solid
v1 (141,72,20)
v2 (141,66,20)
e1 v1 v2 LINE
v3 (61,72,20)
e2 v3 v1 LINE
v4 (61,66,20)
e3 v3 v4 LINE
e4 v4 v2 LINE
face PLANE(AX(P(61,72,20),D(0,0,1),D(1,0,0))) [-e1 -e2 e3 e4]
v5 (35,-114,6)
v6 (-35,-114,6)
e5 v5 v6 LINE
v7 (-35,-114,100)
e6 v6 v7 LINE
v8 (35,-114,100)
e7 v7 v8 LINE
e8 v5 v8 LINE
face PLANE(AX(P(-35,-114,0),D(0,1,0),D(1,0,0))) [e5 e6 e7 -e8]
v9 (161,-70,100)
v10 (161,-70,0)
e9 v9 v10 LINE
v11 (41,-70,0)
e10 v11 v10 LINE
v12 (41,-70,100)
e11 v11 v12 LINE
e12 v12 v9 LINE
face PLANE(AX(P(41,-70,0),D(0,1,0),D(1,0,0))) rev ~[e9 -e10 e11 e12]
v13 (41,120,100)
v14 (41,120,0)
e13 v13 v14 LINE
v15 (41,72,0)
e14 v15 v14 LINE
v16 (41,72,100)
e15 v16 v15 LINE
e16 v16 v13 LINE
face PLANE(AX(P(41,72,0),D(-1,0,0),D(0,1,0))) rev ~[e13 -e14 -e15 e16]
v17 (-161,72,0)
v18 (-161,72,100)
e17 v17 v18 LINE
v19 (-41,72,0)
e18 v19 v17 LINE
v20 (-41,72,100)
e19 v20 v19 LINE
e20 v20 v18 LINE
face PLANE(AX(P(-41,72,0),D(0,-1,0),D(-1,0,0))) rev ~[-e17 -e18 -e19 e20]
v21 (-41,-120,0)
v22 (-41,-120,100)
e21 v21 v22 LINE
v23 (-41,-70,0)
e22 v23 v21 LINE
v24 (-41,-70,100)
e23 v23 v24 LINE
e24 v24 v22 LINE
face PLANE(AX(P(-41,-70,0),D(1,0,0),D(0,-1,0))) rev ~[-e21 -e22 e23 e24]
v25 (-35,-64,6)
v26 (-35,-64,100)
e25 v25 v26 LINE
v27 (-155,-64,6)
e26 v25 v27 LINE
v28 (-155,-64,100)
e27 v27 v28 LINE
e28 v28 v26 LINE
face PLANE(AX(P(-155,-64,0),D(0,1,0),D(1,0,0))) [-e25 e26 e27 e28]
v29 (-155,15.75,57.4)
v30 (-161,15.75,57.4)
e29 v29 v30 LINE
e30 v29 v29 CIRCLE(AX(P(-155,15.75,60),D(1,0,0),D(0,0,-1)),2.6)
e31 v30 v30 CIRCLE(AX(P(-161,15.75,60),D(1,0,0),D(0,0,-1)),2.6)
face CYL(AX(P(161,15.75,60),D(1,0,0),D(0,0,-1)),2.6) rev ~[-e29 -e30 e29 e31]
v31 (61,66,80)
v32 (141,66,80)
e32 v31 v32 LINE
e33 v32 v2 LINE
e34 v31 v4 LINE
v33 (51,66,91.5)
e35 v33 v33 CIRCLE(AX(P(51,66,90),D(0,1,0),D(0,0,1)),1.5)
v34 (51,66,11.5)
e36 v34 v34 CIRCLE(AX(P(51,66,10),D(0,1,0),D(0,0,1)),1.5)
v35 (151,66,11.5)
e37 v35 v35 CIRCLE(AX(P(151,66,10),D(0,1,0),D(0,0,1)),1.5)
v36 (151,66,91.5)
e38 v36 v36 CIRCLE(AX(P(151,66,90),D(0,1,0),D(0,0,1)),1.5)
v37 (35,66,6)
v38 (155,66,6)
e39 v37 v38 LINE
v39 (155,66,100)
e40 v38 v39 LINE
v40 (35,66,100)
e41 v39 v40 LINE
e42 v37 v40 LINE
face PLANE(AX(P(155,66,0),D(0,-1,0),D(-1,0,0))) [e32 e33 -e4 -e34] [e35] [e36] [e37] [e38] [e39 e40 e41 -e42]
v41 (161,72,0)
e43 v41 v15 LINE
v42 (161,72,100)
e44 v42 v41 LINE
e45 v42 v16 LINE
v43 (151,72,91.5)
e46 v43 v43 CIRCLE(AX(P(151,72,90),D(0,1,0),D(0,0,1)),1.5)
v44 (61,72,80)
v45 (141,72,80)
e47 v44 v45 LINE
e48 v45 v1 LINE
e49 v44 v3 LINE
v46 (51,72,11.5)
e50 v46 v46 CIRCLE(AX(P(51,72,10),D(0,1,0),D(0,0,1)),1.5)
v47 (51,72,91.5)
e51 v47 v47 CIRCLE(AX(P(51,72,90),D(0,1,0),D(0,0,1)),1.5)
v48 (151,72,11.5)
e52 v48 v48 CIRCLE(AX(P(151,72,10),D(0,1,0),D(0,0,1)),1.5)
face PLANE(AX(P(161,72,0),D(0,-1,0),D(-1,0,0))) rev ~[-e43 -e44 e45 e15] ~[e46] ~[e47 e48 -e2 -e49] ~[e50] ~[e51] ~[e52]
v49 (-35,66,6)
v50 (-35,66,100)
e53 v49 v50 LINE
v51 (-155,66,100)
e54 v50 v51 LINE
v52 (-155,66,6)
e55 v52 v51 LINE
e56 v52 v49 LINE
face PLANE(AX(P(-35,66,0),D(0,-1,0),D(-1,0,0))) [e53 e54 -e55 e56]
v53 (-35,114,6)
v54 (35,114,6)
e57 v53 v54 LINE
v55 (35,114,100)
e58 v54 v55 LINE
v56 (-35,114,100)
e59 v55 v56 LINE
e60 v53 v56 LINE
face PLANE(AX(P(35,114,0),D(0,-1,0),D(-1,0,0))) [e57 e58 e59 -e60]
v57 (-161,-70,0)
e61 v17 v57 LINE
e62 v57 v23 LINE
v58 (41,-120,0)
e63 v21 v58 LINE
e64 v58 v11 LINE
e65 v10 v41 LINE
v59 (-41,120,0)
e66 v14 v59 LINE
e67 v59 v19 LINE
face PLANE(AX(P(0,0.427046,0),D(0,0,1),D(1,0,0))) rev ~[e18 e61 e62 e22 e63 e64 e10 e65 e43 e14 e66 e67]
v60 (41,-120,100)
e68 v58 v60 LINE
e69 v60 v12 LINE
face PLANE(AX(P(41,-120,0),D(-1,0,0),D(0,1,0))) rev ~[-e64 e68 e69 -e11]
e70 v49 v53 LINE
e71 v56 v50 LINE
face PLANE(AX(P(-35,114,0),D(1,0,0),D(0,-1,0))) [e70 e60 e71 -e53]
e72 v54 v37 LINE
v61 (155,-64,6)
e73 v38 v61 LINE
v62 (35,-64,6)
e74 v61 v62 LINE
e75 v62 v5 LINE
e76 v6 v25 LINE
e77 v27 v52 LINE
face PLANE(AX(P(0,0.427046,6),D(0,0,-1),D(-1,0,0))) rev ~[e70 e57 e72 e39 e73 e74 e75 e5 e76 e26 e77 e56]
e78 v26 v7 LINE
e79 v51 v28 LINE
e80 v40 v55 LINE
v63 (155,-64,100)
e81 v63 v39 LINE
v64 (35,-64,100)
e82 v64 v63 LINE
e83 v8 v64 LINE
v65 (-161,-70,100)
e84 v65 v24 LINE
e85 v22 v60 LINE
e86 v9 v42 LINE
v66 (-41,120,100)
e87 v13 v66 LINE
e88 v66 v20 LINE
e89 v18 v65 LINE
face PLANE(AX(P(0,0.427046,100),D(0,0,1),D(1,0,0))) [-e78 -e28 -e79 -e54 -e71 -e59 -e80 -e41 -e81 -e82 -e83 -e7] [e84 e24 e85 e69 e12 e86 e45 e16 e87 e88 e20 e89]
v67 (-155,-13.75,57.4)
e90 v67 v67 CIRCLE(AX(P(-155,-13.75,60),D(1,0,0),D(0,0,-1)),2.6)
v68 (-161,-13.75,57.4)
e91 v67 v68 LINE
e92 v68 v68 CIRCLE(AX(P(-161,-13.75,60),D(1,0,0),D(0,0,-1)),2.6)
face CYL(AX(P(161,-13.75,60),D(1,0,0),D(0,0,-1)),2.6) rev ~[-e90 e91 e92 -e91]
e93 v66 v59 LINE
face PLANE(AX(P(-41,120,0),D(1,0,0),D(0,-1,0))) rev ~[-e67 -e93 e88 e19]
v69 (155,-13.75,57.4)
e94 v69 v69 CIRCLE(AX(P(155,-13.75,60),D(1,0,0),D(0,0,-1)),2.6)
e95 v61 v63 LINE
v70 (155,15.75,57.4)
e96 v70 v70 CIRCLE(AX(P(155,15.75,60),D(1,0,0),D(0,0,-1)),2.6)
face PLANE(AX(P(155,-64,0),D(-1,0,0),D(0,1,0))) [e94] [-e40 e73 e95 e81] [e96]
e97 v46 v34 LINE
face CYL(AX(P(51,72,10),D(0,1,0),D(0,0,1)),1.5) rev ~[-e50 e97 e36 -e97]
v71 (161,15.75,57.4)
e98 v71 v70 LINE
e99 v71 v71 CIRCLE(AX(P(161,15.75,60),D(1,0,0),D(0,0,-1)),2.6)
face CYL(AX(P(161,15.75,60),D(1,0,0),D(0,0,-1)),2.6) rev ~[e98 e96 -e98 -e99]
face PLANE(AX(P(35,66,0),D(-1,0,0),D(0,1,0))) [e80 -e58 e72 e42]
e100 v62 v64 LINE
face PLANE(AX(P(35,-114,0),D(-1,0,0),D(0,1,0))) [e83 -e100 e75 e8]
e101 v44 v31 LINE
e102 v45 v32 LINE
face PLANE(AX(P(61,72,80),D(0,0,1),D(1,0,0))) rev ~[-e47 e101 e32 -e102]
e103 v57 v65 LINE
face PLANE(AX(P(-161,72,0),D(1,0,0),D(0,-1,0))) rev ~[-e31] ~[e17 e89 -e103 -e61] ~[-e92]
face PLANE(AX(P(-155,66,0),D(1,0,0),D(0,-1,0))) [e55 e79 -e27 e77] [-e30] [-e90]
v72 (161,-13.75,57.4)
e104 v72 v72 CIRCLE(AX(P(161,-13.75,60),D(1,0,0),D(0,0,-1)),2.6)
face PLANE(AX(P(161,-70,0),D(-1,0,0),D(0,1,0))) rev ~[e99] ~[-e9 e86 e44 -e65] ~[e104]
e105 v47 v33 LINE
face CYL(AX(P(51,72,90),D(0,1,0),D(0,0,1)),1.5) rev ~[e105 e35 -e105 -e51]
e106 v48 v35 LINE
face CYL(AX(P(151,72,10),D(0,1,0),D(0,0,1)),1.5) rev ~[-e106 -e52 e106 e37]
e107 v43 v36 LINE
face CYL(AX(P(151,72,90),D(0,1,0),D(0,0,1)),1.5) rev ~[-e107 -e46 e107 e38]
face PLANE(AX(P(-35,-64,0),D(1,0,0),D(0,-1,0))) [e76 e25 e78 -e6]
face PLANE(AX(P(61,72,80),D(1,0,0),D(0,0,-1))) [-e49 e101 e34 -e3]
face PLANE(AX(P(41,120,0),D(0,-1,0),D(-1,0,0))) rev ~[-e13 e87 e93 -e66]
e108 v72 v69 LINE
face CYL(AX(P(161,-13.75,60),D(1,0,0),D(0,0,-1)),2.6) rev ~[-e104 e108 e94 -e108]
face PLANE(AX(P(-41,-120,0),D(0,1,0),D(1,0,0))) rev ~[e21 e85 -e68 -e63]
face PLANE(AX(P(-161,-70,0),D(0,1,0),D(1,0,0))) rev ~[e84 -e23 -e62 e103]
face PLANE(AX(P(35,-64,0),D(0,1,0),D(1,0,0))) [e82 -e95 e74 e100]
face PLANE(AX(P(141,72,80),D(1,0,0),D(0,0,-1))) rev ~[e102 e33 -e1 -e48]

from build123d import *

# Parameters (mm, degrees)
SALIENTE_EXTRUIR1_DEPTH = 100
SALIENTE_EXTRUIR2_DEPTH = 6
CROQUIS4_R              = 1.5
CROQUIS4_W              = 80
CROQUIS4_H              = 60
CORTAR_EXTRUIR2_DEPTH   = 6
CROQUIS5_R              = 2.6
CORTAR_EXTRUIR3_DEPTH   = 358.888250715


with BuildPart() as part:
    # Croquis1 → Saliente-Extruir1 (new body)
    with BuildSketch(Plane.XY):
        Polygon((-41, 72), (-161, 72), (-161, -70), (-41, -70), (-41, -120), (41, -120), (41, -70), (161, -70), (161, 72), (41, 72), (41, 120), (-41, 120), align=None)
        Polygon((155, 66), (35, 66), (35, 114), (-35, 114), (-35, 66), (-155, 66), (-155, -64), (-35, -64), (-35, -114), (35, -114), (35, -64), (155, -64), align=None, mode=Mode.SUBTRACT)
    extrude(amount=SALIENTE_EXTRUIR1_DEPTH)

    # Croquis2 → Saliente-Extruir2 (add)
    with BuildSketch(Plane(origin=(0, 0, 0), x_dir=(-1, 0, 0), z_dir=(0, 0, -1))):
        Polygon((41, 72), (41, 120), (-41, 120), (-41, 72), (-161, 72), (-161, -70), (-41, -70), (-41, -120), (41, -120), (41, -70), (161, -70), (161, 72), align=None)
    extrude(amount=-SALIENTE_EXTRUIR2_DEPTH)

    # Croquis4 → Cortar-Extruir2 (cut)
    with BuildSketch(Plane(origin=(0, 72, 0), x_dir=(1, 0, 0), z_dir=(0, 1, 0))):
        with Locations(Location((151, -90, 0), (0, 0, 270))):
            Circle(CROQUIS4_R)
        with Locations(Location((51, -90, 0), (0, 0, 270))):
            Circle(CROQUIS4_R)
        with Locations(Location((51, -10, 0), (0, 0, 270))):
            Circle(CROQUIS4_R)
        with Locations(Location((151, -10, 0), (0, 0, 270))):
            Circle(CROQUIS4_R)
        with Locations((101, -50)):
            Rectangle(CROQUIS4_W, CROQUIS4_H)
    extrude(amount=-CORTAR_EXTRUIR2_DEPTH, mode=Mode.SUBTRACT)

    # Croquis5 → Cortar-Extruir3 (cut, through all)
    with BuildSketch(Plane(origin=(161, 0, 0), x_dir=(0, 0, -1), z_dir=(1, 0, 0))):
        with Locations((-60, -13.75)):
            Circle(CROQUIS5_R)
        with Locations((-60, 15.75)):
            Circle(CROQUIS5_R)
    extrude(amount=-CORTAR_EXTRUIR3_DEPTH, mode=Mode.SUBTRACT)


solid = part.part
